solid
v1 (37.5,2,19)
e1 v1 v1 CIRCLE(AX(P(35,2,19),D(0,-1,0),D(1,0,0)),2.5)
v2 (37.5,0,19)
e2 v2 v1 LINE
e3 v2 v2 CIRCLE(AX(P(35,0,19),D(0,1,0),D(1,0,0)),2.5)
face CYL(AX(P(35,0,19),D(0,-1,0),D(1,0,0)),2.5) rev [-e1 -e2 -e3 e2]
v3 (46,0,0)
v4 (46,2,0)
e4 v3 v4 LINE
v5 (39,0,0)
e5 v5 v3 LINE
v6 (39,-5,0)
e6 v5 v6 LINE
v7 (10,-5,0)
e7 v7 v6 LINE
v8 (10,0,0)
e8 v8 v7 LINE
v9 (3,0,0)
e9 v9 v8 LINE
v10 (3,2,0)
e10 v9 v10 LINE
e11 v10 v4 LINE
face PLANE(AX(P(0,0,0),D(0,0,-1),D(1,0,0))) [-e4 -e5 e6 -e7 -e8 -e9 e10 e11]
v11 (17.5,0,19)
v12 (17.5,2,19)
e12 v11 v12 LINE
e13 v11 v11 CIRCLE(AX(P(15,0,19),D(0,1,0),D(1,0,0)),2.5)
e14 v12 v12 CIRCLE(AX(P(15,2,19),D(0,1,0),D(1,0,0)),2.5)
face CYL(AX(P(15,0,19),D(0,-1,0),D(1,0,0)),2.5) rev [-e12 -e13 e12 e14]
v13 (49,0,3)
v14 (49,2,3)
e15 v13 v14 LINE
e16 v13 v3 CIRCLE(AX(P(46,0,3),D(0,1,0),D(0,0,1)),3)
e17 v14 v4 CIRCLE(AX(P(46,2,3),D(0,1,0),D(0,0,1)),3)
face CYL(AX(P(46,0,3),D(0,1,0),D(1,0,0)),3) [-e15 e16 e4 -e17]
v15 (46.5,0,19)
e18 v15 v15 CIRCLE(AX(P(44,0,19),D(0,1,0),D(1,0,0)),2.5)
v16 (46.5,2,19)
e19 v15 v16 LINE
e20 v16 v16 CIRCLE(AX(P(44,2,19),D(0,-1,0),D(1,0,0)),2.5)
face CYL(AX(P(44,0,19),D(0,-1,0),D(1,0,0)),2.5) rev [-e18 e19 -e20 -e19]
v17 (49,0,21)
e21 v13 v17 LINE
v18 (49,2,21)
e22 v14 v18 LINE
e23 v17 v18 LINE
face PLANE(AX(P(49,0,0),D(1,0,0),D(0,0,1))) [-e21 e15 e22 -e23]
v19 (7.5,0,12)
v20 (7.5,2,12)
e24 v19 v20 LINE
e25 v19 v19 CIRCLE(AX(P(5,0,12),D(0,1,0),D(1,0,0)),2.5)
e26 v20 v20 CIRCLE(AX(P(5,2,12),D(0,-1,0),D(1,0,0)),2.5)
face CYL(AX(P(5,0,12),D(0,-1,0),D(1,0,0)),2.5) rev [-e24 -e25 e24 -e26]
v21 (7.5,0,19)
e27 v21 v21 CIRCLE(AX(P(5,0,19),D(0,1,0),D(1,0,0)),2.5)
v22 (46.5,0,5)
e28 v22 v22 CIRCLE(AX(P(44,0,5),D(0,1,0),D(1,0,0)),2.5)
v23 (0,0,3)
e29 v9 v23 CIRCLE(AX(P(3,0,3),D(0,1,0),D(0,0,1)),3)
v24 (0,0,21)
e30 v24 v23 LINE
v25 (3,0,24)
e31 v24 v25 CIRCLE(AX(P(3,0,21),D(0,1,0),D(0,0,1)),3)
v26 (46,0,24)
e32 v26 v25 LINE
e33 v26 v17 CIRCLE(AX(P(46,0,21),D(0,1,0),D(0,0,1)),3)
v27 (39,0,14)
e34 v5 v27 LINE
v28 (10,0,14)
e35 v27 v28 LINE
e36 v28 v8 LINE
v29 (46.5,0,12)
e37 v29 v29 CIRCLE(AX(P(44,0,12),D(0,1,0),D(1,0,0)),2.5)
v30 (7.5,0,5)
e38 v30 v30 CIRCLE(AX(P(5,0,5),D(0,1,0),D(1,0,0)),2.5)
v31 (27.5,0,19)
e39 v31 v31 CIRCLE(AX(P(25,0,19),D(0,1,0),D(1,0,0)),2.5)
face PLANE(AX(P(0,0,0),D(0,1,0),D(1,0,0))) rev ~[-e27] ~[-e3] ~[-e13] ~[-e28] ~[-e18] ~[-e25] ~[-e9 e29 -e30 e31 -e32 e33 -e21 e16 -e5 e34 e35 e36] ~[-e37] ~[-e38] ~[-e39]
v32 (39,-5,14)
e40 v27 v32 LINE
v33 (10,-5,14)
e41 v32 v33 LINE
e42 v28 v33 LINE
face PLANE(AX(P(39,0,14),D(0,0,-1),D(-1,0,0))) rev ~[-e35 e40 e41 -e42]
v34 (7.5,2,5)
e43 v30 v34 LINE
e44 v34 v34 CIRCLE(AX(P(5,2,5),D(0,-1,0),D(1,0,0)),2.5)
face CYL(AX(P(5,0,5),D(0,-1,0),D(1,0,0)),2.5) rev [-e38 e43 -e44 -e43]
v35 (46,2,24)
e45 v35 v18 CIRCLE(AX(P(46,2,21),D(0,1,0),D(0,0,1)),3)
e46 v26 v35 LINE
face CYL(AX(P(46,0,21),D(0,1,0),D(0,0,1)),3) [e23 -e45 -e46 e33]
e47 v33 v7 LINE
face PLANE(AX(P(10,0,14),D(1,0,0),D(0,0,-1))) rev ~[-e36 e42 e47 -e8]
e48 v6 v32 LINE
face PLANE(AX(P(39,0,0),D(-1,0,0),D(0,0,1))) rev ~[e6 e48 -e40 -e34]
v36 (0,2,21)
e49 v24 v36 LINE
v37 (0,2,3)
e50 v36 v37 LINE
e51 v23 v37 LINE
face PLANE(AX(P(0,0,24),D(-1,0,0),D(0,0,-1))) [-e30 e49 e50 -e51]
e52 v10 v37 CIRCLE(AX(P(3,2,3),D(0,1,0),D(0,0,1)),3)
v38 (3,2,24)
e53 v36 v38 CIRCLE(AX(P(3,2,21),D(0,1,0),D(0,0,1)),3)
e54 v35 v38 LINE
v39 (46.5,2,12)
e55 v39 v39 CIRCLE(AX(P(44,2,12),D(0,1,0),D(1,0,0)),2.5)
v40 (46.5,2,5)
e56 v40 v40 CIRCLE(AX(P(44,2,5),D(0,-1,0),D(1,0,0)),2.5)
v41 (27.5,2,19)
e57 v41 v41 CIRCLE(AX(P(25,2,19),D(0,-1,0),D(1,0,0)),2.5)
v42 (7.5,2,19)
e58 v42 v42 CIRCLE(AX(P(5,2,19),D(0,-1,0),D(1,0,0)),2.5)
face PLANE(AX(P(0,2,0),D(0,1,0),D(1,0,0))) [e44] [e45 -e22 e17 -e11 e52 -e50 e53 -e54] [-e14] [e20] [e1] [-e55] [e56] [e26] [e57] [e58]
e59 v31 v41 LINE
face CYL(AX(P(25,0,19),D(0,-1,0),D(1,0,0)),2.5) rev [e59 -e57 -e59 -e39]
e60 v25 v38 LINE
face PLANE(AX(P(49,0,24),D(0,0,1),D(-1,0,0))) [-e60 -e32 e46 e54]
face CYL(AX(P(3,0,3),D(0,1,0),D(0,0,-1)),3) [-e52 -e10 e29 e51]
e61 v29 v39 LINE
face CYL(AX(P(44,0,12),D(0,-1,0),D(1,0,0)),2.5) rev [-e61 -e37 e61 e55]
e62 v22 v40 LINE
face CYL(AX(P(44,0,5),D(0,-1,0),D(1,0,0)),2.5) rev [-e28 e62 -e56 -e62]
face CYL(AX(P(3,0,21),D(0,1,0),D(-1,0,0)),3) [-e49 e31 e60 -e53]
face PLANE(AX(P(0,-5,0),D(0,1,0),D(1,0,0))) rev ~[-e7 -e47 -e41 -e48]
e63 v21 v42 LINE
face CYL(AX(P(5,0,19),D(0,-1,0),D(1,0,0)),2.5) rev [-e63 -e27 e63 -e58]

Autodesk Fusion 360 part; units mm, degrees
sketch "Sketch1" plane through (0, 0, 0) normal (0, 1, 0) x (1, 0, 0)
  line L0 (0, 0) -> (49, 0)
  line L1 (49, 0) -> (49, -24)
  line L2 (49, -24) -> (0, -24)
  line L3 (0, -24) -> (0, 0)
extrude "Extrude1" add sketch "Sketch1" along normal blind 2
sketch "Sketch2" plane through (0, 0, 0) normal (0, 1, 0) x (1, 0, 0)
  line L0 (10, 0) -> (39, 0)
  line L1 (39, 0) -> (39, -14)
  line L2 (39, -14) -> (10, -14)
  line L3 (10, -14) -> (10, 0)
extrude "Extrude2" add sketch "Sketch2" against normal blind 5
fillet "Fillet1" radius 3 1 edges at (0, 1, 24)
fillet "Fillet2" radius 3 1 edges at (49, 1, 24)
fillet "Fillet3" radius 3 1 edges at (49, 1, 0)
fillet "Fillet4" radius 3 1 edges at (0, 1, 0)
sketch "Sketch3" plane through (0, 0, 0) normal (0, 1, 0) x (1, 0, 0)
  circle A0 centre (5, -5) radius 2.5
  dimension "d13" = 5
extrude "Extrude3" cut sketch "Sketch3" along normal blind 3
sketch "Sketch4" plane through (0, 0, 0) normal (0, 1, 0) x (1, 0, 0)
  circle A0 centre (44, -5) radius 2.5
  dimension "d16" = 5
extrude "Extrude4" cut sketch "Sketch4" along normal blind 3
sketch "Sketch5" plane through (0, 0, 0) normal (0, 1, 0) x (1, 0, 0)
  circle A0 centre (5, -19) radius 2.5
  dimension "d19" = 5
extrude "Extrude5" cut sketch "Sketch5" along normal blind 3
sketch "Sketch6" plane through (0, 0, 0) normal (0, 1, 0) x (1, 0, 0)
  circle A0 centre (44, -19) radius 2.5
  dimension "d22" = 5
extrude "Extrude6" cut sketch "Sketch6" along normal blind 3
sketch "Sketch7" plane through (0, 0, 0) normal (0, 1, 0) x (1, 0, 0)
  circle A0 centre (44, -12) radius 2.5
  dimension "d25" = 5
extrude "Extrude7" cut sketch "Sketch7" along normal blind 2
sketch "Sketch8" plane through (0, 0, 0) normal (0, 1, 0) x (1, 0, 0)
  circle A0 centre (5, -12) radius 2.5
  dimension "d28" = 5
extrude "Extrude8" cut sketch "Sketch8" along normal blind 3
sketch "Sketch9" plane through (0, 0, 0) normal (0, 1, 0) x (1, 0, 0)
  circle A0 centre (25, -19) radius 2.5
  dimension "d31" = 5
extrude "Extrude9" cut sketch "Sketch9" along normal blind 3
sketch "Sketch10" plane through (0, 0, 0) normal (0, 1, 0) x (1, 0, 0)
  circle A0 centre (15, -19) radius 2.5
  dimension "d34" = 5
extrude "Extrude10" cut sketch "Sketch10" along normal blind 2
sketch "Sketch11" plane through (0, 0, 0) normal (0, 1, 0) x (1, 0, 0)
  circle A0 centre (35, -19) radius 2.5
  dimension "d37" = 5
extrude "Extrude11" cut sketch "Sketch11" along normal blind 5
